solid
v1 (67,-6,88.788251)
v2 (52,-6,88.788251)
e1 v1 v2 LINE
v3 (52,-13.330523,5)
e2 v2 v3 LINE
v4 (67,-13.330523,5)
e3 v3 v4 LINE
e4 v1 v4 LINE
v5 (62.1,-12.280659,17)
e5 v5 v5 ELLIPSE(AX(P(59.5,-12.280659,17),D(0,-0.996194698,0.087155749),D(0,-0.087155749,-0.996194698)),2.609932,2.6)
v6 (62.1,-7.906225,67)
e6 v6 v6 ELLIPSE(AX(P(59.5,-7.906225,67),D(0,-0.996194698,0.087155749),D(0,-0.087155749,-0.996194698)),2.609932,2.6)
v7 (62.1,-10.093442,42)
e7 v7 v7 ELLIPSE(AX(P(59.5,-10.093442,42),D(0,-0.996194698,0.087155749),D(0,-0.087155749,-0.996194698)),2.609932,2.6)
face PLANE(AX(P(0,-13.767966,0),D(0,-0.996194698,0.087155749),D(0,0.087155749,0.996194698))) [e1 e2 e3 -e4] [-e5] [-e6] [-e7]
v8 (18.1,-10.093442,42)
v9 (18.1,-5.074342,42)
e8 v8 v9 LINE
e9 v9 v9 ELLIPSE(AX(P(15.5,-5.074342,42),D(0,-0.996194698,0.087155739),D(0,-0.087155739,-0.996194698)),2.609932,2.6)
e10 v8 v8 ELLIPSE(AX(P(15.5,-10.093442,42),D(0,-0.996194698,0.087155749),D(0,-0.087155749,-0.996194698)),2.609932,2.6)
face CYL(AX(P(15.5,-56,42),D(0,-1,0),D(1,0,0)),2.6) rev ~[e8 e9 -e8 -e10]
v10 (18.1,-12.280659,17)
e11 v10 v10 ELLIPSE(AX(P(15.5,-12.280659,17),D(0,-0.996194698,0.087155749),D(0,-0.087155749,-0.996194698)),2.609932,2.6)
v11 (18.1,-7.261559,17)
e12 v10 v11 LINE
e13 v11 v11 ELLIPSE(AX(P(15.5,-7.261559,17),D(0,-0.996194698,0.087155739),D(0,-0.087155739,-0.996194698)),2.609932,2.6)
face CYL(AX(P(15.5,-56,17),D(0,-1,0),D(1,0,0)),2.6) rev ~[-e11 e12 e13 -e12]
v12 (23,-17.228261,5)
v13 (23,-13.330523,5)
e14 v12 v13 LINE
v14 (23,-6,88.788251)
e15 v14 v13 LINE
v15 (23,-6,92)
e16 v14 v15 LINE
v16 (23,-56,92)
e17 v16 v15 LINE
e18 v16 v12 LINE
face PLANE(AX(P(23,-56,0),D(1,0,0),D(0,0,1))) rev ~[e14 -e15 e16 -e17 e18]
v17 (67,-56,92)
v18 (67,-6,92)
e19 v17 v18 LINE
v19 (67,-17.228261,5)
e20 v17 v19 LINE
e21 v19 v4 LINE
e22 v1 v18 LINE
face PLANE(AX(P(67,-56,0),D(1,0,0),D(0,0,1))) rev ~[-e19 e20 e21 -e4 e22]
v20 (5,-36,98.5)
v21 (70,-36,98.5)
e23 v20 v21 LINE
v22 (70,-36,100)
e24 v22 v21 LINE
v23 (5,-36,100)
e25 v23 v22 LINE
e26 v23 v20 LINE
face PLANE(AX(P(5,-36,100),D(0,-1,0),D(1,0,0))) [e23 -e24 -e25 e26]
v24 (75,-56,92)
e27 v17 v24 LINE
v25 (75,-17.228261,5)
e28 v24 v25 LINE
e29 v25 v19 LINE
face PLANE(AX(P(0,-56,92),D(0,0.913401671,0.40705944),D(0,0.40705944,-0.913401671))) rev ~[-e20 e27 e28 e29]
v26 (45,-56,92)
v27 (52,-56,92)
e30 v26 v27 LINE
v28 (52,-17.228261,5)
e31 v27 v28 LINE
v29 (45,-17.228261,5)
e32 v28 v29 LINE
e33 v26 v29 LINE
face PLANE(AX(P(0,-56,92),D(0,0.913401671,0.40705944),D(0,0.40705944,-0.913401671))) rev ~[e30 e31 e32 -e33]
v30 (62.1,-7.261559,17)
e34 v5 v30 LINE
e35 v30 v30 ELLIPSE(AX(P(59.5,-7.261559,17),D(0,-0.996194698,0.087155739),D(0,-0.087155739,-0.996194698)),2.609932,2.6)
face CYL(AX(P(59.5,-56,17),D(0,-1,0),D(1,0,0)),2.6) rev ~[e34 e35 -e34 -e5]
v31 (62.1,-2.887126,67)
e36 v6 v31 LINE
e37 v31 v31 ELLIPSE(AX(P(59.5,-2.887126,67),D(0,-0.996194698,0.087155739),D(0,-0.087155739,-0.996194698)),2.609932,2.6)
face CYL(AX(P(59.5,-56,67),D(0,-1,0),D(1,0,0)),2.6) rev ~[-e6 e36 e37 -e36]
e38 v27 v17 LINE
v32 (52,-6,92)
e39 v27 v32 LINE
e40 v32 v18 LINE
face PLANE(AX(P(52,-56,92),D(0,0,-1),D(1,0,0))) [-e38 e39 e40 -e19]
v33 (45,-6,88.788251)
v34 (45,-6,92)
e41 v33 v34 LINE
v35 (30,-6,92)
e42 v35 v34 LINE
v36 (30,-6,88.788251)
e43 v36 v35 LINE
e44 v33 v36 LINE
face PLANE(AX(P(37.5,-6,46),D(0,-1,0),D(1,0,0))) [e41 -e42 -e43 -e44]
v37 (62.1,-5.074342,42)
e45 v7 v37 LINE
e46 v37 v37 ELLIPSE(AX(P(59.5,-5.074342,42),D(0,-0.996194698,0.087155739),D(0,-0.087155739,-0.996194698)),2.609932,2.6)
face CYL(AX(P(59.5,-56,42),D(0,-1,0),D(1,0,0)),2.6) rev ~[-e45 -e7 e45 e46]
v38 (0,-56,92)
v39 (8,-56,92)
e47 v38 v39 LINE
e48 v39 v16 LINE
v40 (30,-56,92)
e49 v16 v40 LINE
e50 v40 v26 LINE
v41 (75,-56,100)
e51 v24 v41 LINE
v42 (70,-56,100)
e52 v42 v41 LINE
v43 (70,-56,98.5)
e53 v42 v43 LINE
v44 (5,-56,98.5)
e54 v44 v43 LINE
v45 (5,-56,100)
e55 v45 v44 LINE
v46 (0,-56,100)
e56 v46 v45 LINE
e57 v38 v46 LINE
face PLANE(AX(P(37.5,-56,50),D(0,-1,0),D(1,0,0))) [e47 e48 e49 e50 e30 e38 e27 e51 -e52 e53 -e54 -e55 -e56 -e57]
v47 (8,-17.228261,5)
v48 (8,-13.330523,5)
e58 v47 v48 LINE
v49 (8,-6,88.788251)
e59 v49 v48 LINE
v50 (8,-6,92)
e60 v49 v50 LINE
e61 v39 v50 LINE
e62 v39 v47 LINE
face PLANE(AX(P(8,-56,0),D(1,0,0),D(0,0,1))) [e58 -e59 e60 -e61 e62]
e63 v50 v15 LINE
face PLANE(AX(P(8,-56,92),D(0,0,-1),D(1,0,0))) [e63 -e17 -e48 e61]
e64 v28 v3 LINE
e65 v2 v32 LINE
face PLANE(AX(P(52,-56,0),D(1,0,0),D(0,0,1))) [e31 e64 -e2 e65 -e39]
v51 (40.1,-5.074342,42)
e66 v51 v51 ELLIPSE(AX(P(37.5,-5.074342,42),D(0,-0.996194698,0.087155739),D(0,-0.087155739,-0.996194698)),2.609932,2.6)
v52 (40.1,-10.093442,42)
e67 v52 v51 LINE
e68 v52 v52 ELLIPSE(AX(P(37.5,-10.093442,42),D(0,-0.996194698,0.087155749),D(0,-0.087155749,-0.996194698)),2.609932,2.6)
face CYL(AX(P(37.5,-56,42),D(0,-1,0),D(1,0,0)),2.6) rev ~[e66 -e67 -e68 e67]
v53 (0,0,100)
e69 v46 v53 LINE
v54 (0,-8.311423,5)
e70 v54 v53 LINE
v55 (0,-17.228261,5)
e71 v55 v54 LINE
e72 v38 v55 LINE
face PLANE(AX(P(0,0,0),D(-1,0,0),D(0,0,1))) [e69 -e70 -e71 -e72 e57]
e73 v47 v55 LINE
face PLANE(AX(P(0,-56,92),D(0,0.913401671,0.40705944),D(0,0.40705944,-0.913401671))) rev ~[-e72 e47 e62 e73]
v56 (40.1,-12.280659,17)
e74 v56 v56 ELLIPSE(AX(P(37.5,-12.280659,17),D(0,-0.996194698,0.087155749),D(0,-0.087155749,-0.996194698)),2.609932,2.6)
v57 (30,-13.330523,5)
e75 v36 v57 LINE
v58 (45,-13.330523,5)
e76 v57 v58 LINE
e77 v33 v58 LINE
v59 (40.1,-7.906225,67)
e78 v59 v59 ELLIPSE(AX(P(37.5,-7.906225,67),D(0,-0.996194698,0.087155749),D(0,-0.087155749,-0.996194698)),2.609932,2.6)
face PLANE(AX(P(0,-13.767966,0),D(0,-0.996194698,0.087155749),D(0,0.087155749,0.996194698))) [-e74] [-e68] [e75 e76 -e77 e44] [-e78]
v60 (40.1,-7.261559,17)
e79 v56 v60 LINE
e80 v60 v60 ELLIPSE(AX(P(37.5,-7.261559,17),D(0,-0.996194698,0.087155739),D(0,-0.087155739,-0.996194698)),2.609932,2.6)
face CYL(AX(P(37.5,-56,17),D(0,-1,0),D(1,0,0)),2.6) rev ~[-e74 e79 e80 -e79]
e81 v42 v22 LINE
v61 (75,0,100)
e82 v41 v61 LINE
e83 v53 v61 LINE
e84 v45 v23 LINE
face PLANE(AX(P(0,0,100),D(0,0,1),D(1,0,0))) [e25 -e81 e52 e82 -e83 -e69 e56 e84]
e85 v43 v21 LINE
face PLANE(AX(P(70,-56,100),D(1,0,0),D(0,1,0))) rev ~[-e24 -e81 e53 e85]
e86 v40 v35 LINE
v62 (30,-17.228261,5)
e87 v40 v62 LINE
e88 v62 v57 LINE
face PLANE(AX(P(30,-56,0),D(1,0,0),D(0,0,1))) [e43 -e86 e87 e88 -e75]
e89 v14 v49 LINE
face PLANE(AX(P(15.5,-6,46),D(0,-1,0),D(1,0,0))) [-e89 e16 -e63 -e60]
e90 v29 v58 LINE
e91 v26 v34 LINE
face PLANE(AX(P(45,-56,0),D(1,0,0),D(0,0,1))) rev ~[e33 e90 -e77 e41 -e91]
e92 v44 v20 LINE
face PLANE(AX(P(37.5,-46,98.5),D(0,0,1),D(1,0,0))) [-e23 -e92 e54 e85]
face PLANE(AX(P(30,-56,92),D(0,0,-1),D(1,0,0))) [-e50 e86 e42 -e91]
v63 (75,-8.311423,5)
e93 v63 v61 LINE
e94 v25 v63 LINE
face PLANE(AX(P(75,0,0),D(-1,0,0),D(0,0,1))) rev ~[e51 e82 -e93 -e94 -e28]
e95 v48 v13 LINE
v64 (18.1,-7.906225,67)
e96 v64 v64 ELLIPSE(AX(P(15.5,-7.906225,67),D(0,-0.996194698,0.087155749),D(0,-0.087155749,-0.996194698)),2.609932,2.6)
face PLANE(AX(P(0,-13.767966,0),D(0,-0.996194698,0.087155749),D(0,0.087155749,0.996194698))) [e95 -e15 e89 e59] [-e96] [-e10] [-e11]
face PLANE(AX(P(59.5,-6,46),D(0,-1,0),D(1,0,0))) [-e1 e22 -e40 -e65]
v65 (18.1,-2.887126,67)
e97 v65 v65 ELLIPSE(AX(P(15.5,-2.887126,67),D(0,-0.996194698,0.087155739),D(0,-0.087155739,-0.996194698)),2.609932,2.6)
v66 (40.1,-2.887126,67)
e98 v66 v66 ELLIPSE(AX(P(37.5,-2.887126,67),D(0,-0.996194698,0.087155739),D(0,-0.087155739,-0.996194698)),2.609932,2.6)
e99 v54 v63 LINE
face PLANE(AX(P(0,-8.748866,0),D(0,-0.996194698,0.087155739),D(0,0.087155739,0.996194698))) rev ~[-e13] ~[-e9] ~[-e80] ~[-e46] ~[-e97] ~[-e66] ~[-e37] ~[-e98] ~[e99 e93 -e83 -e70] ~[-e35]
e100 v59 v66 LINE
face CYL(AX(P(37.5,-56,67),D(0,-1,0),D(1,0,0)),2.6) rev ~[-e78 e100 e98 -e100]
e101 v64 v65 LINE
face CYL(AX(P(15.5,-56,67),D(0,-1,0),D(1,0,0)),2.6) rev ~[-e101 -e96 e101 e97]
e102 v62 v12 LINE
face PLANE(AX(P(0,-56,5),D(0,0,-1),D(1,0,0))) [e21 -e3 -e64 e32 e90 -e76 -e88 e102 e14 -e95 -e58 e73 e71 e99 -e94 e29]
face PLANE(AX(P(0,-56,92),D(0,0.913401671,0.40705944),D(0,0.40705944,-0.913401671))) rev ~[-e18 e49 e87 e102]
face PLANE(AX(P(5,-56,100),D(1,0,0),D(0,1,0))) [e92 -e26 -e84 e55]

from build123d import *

# Parameters (mm, degrees)
F0_W      = 75
F0_H      = 100
F1_DEPTH  = 56
F3_DEPTH  = 75.001
F4_W      = 15
F4_H      = 92
F5_DEPTH  = 50
F6_W      = 65
F6_H      = 20
F7_DEPTH  = 1.5
F9_DEPTH  = 75.001
F11_DEPTH = 75
F12_W     = 75
F12_H     = 5
F12_R     = 2.6
F13_DEPTH = 56.001


with BuildPart() as f1:
    # F0 (on Front) → F1 (new body)
    with BuildSketch(Plane.XZ):
        with Locations((37.5, 50)):
            Rectangle(F0_W, F0_H)
    extrude(amount=F1_DEPTH)

    # F2 (on face) → F3 (cut, through all)
    with BuildSketch(Plane(origin=(0, 0, 0), x_dir=(0, -1, 0), z_dir=(-1, 0, 0))):
        Polygon((56, 92), (15, 0), (56, 0), align=None)
    extrude(amount=-F3_DEPTH, mode=Mode.SUBTRACT)

    # F4 (on face) → F5 (cut)
    with BuildSketch(Plane.XZ.offset(56)):
        with Locations((15.5, 46)):
            Rectangle(F4_W, F4_H)
        with Locations((37.5, 46)):
            Rectangle(F4_W, F4_H)
        with Locations((59.5, 46)):
            Rectangle(F4_W, F4_H)
    extrude(amount=-F5_DEPTH, mode=Mode.SUBTRACT)

    # F6 (on face) → F7 (cut)
    with BuildSketch(Plane.XY.offset(100)):
        with Locations((37.5, -46)):
            Rectangle(F6_W, F6_H)
    extrude(amount=-F7_DEPTH, mode=Mode.SUBTRACT)

    # F8 (on face) → F9 (cut, through all)
    with BuildSketch(Plane(origin=(0, 0, 0), x_dir=(0, -1, 0), z_dir=(-1, 0, 0))):
        Polygon((8.748866, 0), (0, 100), (0, 0), align=None)
    extrude(amount=-F9_DEPTH, mode=Mode.SUBTRACT)

    # F10 (on face) → F11 (join, through all)
    with BuildSketch(Plane(origin=(0, 0, 0), x_dir=(0, -1, 0), z_dir=(-1, 0, 0))):
        Polygon((5.019099, 100), (0, 100), (8.748866, 0), (13.767966, 0), align=None)
    extrude(amount=-F11_DEPTH)

    # F12 (on face) → F13 (cut, through all)
    with BuildSketch(Plane.XZ.offset(56)):
        with Locations((37.5, 2.5)):
            Rectangle(F12_W, F12_H)
        with Locations((15.5, 17)):
            Circle(F12_R)
        with Locations((15.5, 42)):
            Circle(F12_R)
        with Locations((15.5, 67)):
            Circle(F12_R)
        with Locations((37.5, 67)):
            Circle(F12_R)
        with Locations((37.5, 42)):
            Circle(F12_R)
        with Locations((37.5, 17)):
            Circle(F12_R)
        with Locations((59.5, 17)):
            Circle(F12_R)
        with Locations((59.5, 42)):
            Circle(F12_R)
        with Locations((59.5, 67)):
            Circle(F12_R)
    extrude(amount=-F13_DEPTH, mode=Mode.SUBTRACT)


solid = f1.part
